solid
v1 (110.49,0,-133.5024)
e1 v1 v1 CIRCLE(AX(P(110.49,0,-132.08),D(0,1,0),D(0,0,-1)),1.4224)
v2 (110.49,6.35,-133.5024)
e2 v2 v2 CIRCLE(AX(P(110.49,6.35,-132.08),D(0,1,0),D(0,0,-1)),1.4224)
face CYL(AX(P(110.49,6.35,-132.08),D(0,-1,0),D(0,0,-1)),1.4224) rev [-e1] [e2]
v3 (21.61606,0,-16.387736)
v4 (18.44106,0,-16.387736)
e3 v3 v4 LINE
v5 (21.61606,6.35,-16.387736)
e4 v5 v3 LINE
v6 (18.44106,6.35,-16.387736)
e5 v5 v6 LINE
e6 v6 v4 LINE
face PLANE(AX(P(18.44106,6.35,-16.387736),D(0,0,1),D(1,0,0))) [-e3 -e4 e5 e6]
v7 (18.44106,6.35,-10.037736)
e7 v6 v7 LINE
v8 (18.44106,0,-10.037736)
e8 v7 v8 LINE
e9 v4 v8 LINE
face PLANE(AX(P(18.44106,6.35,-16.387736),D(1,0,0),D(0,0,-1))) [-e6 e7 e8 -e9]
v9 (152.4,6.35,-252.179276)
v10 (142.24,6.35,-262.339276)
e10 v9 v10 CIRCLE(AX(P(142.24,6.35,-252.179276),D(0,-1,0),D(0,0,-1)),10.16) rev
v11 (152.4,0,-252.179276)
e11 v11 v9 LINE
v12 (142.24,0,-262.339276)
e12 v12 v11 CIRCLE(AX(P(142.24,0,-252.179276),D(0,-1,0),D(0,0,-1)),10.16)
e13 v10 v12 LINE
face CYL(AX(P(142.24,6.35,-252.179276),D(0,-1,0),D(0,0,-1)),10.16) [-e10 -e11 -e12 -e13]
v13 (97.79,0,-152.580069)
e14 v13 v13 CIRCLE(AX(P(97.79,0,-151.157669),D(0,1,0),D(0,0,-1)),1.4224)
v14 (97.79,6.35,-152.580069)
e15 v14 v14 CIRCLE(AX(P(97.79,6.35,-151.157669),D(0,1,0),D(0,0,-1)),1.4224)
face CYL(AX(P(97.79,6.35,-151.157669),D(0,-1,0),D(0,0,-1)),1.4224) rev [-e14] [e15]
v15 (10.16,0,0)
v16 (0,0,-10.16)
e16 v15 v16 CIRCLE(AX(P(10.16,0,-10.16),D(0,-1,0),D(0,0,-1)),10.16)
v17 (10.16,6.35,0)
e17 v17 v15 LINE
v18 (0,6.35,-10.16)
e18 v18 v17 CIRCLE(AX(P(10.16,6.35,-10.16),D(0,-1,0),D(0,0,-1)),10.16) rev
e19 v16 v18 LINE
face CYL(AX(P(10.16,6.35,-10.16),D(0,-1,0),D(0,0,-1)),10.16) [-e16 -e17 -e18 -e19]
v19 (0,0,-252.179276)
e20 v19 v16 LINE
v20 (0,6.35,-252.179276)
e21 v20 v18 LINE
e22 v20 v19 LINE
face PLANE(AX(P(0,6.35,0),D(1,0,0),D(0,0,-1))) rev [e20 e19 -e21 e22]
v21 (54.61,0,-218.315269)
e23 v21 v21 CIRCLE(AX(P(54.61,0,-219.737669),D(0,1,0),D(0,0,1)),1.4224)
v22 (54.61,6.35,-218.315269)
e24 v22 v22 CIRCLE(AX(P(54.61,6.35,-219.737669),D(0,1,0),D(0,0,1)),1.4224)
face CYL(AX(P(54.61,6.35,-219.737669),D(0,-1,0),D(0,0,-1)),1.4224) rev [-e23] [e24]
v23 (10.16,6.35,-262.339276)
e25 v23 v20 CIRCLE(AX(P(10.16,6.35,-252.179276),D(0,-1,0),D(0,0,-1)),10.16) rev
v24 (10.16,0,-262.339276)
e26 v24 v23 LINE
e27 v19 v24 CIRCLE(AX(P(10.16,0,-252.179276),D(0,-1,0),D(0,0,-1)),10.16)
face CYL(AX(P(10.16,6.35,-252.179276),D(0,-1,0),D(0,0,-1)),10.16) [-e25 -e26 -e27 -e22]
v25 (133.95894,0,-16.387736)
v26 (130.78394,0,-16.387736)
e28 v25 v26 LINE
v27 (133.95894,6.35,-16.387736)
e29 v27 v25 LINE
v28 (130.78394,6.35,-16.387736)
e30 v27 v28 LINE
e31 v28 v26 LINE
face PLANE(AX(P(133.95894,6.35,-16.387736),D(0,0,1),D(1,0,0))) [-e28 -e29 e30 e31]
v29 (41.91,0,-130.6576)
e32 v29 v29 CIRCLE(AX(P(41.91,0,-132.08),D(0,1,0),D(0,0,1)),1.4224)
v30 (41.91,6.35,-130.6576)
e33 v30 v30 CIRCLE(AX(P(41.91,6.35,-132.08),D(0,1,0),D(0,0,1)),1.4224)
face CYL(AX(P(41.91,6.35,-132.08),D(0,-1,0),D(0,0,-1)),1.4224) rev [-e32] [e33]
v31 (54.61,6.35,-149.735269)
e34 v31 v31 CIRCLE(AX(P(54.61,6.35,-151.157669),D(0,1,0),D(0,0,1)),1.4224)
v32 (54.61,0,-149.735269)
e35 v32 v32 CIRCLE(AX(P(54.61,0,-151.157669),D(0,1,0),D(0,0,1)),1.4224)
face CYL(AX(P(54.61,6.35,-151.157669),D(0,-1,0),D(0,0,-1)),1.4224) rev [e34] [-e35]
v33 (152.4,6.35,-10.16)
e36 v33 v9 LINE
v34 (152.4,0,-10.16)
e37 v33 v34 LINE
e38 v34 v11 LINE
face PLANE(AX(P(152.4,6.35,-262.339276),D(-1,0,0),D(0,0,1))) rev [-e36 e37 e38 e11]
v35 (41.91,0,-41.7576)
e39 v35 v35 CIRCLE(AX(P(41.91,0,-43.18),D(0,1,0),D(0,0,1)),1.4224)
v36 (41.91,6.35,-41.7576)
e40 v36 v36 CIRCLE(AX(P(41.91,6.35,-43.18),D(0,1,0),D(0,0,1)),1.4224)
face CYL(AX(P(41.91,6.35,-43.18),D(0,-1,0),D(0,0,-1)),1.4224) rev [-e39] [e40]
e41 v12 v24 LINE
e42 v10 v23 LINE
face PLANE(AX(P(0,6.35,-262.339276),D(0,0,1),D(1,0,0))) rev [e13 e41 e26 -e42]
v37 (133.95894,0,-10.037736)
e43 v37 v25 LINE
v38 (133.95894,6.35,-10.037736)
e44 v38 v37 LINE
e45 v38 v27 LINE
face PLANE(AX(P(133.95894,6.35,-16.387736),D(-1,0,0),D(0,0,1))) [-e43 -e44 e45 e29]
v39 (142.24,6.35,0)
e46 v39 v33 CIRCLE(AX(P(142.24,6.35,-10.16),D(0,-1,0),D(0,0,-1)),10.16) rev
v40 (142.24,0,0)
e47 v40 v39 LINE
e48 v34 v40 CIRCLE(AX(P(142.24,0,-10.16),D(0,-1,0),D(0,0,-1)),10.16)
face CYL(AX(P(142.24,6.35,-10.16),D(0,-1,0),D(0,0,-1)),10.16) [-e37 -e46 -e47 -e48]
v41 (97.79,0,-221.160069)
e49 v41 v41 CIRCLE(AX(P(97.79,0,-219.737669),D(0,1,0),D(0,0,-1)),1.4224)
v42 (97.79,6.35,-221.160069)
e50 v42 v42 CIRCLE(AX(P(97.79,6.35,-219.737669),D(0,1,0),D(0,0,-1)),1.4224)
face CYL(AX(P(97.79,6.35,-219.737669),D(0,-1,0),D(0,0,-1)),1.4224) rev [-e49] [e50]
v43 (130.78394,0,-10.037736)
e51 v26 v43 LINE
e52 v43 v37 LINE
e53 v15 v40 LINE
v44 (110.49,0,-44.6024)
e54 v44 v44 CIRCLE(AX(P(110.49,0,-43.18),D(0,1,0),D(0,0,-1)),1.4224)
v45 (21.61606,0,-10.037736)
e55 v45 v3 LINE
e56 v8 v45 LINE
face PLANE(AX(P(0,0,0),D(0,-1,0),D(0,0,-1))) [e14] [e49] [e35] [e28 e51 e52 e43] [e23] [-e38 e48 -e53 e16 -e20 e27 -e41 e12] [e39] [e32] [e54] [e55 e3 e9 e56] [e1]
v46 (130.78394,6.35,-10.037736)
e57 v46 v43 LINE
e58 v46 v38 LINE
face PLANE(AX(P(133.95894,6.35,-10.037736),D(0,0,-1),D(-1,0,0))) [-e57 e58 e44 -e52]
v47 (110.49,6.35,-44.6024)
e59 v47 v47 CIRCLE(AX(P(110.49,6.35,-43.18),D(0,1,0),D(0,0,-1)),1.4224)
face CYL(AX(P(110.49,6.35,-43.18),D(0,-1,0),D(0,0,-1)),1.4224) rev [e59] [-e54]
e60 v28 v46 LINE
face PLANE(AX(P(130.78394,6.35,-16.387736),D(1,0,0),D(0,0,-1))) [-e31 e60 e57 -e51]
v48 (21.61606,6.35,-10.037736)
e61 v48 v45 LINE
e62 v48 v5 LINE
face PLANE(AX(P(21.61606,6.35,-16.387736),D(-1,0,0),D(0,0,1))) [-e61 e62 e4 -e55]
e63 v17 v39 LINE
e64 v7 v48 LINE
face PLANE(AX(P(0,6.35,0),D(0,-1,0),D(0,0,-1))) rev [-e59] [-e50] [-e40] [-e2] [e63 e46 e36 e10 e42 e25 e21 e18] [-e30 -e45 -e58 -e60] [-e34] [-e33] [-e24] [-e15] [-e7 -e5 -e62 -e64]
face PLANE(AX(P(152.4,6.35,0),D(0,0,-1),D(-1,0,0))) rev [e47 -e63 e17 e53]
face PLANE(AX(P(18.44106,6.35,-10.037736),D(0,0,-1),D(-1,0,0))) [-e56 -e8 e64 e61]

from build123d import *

# Parameters (mm, degrees)
SKETCH3_W           = 152.4
SKETCH3_H           = 262.339276313
SKETCH3_R           = 1.4224
SKETCH3_W_2         = 3.175
SKETCH3_H_2         = 6.35
BOSS_EXTRUDE1_DEPTH = 6.35
FILLET1_R           = 10.16


with BuildPart() as part:
    # Sketch3 → Boss-Extrude1 (new body)
    with BuildSketch(Plane(origin=(0, 0, 0), x_dir=(1, 0, 0), z_dir=(0, 1, 0))):
        with Locations((76.2, 131.169638157)):
            Rectangle(SKETCH3_W, SKETCH3_H)
        with Locations(Location((41.91, 43.18, 0), (0, 0, 270))):
            Circle(SKETCH3_R, mode=Mode.SUBTRACT)
        with Locations(Location((41.91, 132.08, 0), (0, 0, 270))):
            Circle(SKETCH3_R, mode=Mode.SUBTRACT)
        with Locations(Location((110.49, 132.08, 0), (0, 0, 90))):
            Circle(SKETCH3_R, mode=Mode.SUBTRACT)
        with Locations(Location((110.49, 43.18, 0), (0, 0, 90))):
            Circle(SKETCH3_R, mode=Mode.SUBTRACT)
        with Locations(Location((54.61, 151.157668748, 0), (0, 0, 270))):
            Circle(SKETCH3_R, mode=Mode.SUBTRACT)
        with Locations(Location((54.61, 219.737668748, 0), (0, 0, 270))):
            Circle(SKETCH3_R, mode=Mode.SUBTRACT)
        with Locations(Location((97.79, 151.157668748, 0), (0, 0, 90))):
            Circle(SKETCH3_R, mode=Mode.SUBTRACT)
        with Locations(Location((97.79, 219.737668748, 0), (0, 0, 90))):
            Circle(SKETCH3_R, mode=Mode.SUBTRACT)
        with Locations((20.0285604, 13.212735966)):
            Rectangle(SKETCH3_W_2, SKETCH3_H_2, mode=Mode.SUBTRACT)
        with Locations((132.3714396, 13.212735966)):
            Rectangle(SKETCH3_W_2, SKETCH3_H_2, mode=Mode.SUBTRACT)
    extrude(amount=BOSS_EXTRUDE1_DEPTH)

    # Fillet1
    fillet1_edges = [part.edges().sort_by_distance(p)[0] for p in [
        (0, 3.175, -262.339276313),
        (152.4, 3.175, -262.339276313),
        (152.4, 3.175, 0),
        (0, 3.175, 0),
    ]]
    fillet(fillet1_edges, radius=FILLET1_R)


solid = part.part
